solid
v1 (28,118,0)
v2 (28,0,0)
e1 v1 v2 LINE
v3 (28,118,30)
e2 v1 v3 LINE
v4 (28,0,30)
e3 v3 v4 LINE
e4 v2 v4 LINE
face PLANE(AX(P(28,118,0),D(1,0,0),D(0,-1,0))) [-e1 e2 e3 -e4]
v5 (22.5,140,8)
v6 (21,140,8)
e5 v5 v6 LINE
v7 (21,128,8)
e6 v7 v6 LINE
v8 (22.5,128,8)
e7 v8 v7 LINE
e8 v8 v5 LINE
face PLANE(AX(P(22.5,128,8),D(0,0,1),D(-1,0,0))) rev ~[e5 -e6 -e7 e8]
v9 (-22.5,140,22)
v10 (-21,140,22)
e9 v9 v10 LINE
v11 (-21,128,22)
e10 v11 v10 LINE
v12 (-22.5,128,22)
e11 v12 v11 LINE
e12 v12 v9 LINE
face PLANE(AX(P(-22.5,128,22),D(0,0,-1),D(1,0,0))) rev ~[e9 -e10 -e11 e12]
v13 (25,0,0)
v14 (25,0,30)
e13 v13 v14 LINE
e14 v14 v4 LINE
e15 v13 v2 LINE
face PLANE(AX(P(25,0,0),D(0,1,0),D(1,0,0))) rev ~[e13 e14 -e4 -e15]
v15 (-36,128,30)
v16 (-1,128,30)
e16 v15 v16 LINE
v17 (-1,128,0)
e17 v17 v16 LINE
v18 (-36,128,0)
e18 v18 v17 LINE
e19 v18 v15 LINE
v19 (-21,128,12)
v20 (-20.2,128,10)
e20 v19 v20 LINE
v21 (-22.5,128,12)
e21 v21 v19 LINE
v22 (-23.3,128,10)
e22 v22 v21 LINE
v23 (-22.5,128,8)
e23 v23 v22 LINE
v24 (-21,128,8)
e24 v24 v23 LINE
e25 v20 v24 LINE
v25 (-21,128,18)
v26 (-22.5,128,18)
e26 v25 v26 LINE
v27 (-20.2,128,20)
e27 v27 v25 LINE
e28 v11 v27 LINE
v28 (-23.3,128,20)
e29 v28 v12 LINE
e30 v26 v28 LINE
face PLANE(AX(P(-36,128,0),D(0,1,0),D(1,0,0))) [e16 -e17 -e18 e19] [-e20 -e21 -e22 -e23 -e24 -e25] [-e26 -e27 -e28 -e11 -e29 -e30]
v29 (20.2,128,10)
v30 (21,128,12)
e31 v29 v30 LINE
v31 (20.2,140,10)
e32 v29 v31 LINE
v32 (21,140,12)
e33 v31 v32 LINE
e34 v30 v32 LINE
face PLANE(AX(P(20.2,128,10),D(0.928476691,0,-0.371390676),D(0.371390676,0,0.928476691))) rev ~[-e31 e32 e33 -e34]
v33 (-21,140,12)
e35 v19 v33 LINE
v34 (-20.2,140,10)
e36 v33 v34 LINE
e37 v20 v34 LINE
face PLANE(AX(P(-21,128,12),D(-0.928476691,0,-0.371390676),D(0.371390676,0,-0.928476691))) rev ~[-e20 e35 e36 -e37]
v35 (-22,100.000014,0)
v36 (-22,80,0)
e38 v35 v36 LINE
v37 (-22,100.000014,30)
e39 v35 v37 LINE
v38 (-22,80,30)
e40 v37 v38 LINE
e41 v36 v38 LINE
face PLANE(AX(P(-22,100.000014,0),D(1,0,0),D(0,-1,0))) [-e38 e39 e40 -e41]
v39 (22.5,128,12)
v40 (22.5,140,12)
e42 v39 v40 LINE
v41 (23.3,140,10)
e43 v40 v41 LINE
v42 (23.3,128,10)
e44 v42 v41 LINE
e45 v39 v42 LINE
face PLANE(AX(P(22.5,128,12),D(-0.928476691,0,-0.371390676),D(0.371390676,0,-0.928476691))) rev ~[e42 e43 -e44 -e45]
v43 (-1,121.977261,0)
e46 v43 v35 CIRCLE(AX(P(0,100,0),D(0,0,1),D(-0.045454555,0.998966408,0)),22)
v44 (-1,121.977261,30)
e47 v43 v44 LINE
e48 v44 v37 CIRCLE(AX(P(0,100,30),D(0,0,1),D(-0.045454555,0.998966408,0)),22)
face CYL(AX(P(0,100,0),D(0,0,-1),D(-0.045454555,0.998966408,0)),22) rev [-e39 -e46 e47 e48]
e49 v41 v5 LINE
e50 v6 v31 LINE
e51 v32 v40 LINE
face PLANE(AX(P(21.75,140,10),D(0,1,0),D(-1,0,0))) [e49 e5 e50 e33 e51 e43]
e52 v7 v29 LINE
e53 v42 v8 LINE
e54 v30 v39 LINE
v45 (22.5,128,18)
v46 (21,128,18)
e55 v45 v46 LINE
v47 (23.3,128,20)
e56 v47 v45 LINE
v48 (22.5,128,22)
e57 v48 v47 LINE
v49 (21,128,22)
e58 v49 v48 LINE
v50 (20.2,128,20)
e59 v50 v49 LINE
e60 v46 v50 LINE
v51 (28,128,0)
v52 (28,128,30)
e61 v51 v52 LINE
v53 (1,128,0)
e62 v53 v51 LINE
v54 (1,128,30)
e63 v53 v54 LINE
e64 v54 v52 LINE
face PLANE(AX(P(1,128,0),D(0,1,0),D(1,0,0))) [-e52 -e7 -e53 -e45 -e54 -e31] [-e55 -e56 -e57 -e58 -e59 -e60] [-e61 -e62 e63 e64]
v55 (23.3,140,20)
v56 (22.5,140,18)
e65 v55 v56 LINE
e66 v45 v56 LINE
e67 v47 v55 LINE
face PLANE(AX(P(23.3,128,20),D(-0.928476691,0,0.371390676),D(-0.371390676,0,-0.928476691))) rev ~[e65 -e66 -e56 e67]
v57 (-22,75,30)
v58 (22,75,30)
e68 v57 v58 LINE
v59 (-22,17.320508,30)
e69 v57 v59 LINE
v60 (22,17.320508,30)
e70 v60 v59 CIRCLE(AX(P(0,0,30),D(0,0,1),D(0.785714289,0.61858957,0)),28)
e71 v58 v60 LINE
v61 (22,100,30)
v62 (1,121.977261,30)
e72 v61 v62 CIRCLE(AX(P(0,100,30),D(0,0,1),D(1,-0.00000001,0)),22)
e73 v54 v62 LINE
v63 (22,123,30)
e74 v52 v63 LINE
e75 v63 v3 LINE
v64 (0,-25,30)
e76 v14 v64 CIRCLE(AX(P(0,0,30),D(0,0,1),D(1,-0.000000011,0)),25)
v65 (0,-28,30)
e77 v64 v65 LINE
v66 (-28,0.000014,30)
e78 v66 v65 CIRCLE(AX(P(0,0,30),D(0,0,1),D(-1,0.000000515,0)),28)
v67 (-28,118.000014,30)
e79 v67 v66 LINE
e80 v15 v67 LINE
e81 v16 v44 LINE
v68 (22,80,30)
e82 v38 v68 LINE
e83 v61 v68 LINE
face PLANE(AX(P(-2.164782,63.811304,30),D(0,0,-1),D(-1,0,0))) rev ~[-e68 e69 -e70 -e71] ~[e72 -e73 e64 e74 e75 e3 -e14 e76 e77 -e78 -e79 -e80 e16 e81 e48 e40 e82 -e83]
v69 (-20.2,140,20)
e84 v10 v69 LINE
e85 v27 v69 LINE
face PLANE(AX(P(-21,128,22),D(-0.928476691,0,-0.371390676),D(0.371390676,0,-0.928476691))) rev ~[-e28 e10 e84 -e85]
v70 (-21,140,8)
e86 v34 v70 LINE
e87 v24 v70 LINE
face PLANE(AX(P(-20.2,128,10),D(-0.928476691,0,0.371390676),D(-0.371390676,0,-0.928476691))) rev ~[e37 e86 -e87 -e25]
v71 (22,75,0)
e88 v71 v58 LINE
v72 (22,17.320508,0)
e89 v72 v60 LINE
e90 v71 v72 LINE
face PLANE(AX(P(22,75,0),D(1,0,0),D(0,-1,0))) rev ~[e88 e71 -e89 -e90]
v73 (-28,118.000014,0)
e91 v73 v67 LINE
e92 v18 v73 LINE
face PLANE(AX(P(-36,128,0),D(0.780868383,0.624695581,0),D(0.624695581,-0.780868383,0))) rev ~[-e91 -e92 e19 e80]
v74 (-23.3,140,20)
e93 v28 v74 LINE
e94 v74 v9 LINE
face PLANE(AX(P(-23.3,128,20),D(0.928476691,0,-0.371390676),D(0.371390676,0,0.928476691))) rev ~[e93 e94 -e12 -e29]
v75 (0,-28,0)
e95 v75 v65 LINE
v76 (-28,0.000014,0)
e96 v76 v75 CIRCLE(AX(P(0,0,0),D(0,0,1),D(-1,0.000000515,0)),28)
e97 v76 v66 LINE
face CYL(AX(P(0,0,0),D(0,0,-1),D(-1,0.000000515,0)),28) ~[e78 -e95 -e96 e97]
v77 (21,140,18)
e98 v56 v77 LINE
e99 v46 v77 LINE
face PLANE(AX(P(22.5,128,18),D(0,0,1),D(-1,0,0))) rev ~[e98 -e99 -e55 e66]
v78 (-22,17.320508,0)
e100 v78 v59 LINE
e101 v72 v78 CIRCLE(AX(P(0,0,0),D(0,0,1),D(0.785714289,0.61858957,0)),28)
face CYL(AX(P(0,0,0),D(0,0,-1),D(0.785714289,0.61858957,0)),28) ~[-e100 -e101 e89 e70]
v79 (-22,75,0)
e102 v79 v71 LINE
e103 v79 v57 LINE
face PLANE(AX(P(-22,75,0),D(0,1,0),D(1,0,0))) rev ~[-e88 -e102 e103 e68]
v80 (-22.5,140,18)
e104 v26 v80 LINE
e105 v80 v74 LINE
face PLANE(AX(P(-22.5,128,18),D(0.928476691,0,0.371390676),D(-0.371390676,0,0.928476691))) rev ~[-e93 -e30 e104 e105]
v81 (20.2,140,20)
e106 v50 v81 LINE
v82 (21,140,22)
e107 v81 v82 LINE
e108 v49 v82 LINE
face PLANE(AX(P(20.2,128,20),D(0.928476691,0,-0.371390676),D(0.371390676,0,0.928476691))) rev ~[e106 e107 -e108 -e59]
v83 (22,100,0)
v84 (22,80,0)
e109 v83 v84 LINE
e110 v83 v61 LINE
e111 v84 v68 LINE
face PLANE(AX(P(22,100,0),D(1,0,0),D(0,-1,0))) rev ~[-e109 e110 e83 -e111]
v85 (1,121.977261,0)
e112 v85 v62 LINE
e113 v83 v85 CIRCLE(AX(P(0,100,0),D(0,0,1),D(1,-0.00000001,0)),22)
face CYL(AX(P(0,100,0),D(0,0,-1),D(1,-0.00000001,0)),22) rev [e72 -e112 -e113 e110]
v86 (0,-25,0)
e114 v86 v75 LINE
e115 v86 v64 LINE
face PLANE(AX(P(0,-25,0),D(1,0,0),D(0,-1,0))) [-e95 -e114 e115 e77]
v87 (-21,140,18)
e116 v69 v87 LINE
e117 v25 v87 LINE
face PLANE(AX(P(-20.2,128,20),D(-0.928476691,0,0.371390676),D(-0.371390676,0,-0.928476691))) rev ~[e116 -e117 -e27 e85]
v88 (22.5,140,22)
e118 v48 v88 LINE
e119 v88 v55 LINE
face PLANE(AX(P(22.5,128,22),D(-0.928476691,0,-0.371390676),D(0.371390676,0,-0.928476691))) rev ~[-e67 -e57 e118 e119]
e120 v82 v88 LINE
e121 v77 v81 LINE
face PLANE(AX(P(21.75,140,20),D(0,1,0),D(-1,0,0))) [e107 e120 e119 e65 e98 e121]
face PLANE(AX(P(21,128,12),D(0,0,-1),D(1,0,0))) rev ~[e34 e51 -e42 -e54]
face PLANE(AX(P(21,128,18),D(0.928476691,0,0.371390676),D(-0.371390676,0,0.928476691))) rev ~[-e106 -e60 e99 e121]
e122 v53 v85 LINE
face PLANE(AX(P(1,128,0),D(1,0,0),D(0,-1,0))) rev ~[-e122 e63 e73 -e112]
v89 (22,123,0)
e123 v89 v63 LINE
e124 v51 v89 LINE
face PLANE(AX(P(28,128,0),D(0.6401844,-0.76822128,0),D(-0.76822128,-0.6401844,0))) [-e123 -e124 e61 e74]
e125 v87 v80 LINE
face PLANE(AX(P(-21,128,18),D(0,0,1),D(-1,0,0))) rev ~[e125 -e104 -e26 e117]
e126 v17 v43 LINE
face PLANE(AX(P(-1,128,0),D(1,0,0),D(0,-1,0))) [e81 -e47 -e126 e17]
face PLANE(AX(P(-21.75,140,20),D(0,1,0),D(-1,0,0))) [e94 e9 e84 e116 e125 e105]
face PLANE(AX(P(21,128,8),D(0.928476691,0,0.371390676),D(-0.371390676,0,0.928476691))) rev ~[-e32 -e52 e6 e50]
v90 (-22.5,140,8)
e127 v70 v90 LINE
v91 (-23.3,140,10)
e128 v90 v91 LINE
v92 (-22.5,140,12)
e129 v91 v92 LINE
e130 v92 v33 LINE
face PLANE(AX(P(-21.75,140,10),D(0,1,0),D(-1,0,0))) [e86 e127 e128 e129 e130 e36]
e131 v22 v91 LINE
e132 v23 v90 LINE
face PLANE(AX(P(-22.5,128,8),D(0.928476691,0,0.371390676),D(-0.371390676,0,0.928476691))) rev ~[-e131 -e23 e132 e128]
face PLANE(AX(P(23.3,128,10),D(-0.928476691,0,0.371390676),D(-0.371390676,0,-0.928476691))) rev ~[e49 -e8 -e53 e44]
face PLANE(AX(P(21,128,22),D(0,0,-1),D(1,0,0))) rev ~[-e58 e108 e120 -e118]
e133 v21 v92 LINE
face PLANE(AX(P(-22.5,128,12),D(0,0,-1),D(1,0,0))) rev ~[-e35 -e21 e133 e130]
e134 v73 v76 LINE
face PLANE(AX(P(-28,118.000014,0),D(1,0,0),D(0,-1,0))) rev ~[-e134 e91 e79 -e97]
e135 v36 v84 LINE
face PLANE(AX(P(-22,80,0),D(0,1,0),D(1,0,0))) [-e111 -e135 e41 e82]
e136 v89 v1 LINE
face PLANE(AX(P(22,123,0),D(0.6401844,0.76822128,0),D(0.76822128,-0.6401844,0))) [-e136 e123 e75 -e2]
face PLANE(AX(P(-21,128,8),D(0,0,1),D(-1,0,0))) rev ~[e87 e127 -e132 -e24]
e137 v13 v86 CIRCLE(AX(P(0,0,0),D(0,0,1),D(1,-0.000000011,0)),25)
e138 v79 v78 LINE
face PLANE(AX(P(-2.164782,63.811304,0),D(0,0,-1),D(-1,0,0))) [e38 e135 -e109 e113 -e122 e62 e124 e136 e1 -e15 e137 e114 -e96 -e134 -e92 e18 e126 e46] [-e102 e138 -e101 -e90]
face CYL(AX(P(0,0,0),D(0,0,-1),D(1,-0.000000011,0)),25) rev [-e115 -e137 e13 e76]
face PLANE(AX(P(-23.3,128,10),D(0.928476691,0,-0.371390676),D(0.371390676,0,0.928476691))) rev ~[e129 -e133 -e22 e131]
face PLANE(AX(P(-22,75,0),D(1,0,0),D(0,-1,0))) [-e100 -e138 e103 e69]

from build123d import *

# Parameters (mm, degrees)
PAD_DEPTH    = 30
PAD001_DEPTH = 12


with BuildPart() as part:
    # Sketch → Pad (new body)
    with BuildSketch(Plane.XY):
        with BuildLine():
            ThreePointArc((25, 0), (-17.67767, 17.67767), (0, -25))
            Line((0, -25), (0, -28))
            ThreePointArc((-28, 1.4e-05), (-19.798995, -19.798985), (0, -28))
            Line((-28, 100.000014), (-28, 1.4e-05))
            Line((-28, 118.000014), (-28, 100.000014))
            Line((-36, 128), (-28, 118.000014))
            Line((-36, 128), (-1, 128))
            Line((-1, 128), (-1, 121.977261))
            ThreePointArc((-1, 121.977261), (-15.905969, 115.198689), (-22, 100.000014))
            Line((-22, 100.000014), (-22, 80))
            Line((-22, 80), (22, 80))
            Line((22, 100), (22, 80))
            ThreePointArc((22, 100), (15.905974, 115.198684), (1, 121.977261))
            Line((1, 128), (1, 121.977261))
            Line((1, 128), (28, 128))
            Line((28, 128), (22, 123))
            Line((22, 123), (28, 118))
            Line((28, 118), (28, 100))
            Line((28, 100), (28, 0))
            Line((25, 0), (28, 0))
        make_face()
        with BuildLine():
            ThreePointArc((22, 17.320508), (0, 28), (-22, 17.320508))
            Line((-22, 75), (-22, 17.320508))
            Line((-22, 75), (22, 75))
            Line((22, 75), (22, 17.320508))
        make_face(mode=Mode.SUBTRACT)
    extrude(amount=PAD_DEPTH)

    # Sketch001 (on Face13 of Pad) → Pad001 (join)
    with BuildSketch(Plane(origin=(0, 128, 0), x_dir=(-1, 0, 0), z_dir=(0, 1, 0))):
        Polygon((-22.5, 12), (-23.3, 10), (-22.5, 8), (-21, 8), (-20.2, 10), (-21, 12), align=None)
        Polygon((-22.5, 22), (-23.3, 20), (-22.5, 18), (-21, 18), (-20.2, 20), (-21, 22), align=None)
        Polygon((21, 12), (20.2, 10), (21, 8), (22.5, 8), (23.3, 10), (22.5, 12), align=None)
        Polygon((21, 22), (20.2, 20), (21, 18), (22.5, 18), (23.3, 20), (22.5, 22), align=None)
    extrude(amount=PAD001_DEPTH)


solid = part.part
